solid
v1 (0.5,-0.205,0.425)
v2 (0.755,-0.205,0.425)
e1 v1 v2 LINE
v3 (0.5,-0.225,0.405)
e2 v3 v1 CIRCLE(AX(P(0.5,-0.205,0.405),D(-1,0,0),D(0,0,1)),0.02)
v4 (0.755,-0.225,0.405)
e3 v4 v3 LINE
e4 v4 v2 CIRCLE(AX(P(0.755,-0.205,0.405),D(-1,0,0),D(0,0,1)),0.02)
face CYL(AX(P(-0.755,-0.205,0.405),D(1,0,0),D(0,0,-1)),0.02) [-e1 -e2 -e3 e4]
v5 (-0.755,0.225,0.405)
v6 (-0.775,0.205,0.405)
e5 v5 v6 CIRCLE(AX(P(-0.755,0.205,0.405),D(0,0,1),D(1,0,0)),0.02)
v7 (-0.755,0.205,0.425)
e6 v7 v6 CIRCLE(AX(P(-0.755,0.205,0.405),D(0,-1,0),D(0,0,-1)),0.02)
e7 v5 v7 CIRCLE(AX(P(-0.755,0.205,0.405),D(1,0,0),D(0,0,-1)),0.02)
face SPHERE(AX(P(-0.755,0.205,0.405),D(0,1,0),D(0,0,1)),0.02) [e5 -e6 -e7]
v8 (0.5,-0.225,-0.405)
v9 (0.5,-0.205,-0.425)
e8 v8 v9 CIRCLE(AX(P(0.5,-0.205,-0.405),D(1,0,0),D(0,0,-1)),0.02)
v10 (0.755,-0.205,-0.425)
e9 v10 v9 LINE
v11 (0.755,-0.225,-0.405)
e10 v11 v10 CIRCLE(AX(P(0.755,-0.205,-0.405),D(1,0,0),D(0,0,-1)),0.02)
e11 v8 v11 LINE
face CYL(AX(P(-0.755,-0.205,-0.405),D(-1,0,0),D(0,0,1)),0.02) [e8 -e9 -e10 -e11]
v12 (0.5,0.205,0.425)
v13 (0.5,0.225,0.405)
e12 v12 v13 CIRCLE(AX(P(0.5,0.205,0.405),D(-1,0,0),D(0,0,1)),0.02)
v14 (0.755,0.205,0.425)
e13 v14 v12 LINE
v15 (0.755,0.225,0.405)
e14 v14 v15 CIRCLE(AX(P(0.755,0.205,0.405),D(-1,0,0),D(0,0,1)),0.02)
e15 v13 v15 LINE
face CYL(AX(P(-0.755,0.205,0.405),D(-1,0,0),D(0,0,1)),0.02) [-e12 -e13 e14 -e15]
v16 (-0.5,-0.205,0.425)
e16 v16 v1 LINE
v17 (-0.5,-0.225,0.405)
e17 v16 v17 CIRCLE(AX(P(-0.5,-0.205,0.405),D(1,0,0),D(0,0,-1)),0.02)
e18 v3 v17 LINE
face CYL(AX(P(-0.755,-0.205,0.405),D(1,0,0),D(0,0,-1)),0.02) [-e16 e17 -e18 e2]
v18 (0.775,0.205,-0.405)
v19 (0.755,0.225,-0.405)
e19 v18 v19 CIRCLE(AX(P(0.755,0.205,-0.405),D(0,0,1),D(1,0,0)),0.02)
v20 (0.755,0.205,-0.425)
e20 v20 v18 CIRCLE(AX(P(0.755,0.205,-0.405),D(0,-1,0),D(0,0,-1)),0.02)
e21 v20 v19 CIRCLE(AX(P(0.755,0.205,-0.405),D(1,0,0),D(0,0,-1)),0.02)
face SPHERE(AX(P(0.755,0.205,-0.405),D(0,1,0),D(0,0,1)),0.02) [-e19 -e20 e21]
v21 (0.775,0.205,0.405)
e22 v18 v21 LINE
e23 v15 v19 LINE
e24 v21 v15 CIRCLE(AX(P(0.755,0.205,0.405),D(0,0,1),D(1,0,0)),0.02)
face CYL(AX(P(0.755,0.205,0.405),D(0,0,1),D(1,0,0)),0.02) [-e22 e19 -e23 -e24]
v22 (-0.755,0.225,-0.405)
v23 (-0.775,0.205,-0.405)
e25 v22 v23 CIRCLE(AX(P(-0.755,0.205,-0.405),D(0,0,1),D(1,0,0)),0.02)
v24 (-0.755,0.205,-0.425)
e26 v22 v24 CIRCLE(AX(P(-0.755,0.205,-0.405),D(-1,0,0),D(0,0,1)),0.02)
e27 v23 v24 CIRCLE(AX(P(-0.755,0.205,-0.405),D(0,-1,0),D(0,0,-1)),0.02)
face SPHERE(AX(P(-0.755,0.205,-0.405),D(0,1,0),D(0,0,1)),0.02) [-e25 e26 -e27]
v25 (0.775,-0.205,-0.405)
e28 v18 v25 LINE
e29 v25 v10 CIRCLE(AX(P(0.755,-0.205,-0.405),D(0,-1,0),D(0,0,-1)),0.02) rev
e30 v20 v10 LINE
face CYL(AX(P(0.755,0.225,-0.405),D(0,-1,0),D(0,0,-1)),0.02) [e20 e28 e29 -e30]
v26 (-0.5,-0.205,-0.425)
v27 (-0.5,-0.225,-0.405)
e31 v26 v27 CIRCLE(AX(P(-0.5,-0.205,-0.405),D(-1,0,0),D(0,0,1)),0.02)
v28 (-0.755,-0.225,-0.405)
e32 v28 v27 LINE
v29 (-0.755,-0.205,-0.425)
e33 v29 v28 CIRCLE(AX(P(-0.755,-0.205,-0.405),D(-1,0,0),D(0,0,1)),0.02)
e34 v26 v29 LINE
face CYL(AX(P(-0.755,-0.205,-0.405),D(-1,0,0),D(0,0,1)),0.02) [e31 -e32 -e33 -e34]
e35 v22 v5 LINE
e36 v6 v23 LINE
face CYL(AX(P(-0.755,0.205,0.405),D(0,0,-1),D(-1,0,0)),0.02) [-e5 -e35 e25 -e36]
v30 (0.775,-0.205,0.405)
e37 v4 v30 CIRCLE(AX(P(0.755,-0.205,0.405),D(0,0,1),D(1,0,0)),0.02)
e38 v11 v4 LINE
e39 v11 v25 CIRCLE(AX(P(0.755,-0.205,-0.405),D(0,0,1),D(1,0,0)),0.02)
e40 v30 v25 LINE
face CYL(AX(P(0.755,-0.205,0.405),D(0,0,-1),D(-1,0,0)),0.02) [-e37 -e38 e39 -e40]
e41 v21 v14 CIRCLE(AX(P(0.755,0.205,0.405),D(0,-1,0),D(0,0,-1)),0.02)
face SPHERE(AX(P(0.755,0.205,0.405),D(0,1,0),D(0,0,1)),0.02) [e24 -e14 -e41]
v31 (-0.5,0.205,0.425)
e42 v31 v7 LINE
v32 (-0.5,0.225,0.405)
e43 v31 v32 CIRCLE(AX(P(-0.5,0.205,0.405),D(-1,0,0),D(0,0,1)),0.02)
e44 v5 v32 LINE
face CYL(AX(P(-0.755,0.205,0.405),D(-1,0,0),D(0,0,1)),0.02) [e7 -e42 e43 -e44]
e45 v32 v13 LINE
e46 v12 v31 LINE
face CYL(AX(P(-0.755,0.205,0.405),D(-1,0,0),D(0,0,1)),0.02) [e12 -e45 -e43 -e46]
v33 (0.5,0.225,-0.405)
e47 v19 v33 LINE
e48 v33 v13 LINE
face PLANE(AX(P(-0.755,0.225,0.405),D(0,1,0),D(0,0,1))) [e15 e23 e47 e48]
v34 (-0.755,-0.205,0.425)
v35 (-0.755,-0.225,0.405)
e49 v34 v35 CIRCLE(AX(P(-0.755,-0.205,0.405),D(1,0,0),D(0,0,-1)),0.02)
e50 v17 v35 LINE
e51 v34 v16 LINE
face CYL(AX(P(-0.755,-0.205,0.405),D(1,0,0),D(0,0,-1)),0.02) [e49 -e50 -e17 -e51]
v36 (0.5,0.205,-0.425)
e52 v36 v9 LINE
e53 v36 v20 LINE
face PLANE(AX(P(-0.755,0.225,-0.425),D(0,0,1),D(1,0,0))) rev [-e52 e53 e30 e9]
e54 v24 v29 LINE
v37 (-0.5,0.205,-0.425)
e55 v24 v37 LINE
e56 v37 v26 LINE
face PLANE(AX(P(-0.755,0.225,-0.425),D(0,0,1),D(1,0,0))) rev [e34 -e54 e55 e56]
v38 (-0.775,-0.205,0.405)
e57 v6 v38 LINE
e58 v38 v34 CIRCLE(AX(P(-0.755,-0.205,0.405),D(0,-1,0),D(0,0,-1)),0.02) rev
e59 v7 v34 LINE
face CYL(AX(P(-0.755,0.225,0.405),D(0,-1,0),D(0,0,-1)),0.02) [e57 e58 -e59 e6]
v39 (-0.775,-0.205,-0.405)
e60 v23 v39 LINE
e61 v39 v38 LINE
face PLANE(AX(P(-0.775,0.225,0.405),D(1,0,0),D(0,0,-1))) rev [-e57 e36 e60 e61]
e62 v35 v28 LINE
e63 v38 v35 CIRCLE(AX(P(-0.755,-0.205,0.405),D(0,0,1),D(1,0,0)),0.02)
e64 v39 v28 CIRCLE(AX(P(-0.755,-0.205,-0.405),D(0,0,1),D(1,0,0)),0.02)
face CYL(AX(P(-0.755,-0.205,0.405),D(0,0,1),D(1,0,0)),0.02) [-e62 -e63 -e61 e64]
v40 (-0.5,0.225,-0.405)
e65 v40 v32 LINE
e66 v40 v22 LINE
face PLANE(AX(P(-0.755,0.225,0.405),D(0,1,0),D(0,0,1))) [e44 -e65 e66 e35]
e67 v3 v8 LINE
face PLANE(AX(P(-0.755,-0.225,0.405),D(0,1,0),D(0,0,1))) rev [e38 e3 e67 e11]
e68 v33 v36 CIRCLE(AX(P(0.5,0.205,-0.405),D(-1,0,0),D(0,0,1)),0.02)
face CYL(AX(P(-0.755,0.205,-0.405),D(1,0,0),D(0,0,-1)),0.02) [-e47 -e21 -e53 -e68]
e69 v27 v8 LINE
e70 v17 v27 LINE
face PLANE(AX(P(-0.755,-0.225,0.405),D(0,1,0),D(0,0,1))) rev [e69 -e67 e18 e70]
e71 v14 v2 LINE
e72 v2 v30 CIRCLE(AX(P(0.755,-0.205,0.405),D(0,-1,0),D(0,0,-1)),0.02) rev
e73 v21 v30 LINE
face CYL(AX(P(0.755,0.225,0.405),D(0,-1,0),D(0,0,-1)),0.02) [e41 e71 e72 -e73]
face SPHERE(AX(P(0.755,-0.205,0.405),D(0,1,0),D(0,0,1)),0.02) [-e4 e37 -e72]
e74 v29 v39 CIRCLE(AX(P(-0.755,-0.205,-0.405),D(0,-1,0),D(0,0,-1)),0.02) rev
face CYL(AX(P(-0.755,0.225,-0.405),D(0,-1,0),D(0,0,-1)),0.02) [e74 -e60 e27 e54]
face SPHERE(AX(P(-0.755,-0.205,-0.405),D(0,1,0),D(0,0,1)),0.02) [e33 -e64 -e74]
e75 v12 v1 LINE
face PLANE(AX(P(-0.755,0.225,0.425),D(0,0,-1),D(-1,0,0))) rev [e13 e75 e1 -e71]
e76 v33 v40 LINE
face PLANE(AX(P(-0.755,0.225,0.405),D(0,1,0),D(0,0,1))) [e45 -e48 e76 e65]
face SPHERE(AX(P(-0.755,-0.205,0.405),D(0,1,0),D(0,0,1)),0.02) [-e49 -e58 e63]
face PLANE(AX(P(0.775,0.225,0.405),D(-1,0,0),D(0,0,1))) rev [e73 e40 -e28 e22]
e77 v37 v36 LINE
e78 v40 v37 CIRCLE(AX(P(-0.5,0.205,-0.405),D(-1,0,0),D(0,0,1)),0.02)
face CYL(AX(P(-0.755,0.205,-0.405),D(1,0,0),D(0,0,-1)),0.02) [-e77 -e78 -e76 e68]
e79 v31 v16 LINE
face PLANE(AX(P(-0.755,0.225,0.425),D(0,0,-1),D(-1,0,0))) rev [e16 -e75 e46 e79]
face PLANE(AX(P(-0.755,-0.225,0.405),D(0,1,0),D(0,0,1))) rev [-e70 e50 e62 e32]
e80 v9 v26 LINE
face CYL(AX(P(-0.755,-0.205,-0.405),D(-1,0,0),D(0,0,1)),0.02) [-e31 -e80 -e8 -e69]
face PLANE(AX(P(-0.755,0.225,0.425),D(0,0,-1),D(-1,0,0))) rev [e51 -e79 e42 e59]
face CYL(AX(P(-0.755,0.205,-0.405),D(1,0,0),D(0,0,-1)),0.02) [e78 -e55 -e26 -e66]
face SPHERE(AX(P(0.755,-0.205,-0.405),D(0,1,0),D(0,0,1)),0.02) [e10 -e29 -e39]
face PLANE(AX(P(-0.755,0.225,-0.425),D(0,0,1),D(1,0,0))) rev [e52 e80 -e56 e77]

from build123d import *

# Parameters (mm, degrees)
BOSS_EXTRUDE1_DEPTH = 0.225
FILLET2_R           = 0.02


with BuildPart() as part:
    # Sketch1 → Boss-Extrude1 (new body, symmetric)
    with BuildSketch(Plane(origin=(0, 0, 0), x_dir=(1, 0, 0), z_dir=(0, 1, 0))):
        with BuildLine():
            Line((-0.755, -0.425), (0.755, -0.425))
            ThreePointArc((0.755, -0.425), (0.769142136, -0.419142136), (0.775, -0.405))
            Line((0.775, -0.405), (0.775, 0.405))
            ThreePointArc((0.775, 0.405), (0.769142136, 0.419142136), (0.755, 0.425))
            Line((0.755, 0.425), (-0.755, 0.425))
            ThreePointArc((-0.755, 0.425), (-0.769142136, 0.419142136), (-0.775, 0.405))
            Line((-0.775, 0.405), (-0.775, -0.405))
            ThreePointArc((-0.775, -0.405), (-0.769142136, -0.419142136), (-0.755, -0.425))
        make_face()
    extrude(amount=BOSS_EXTRUDE1_DEPTH, both=True)

    # Fillet2
    fillet2_edges = [part.edges().sort_by_distance(p)[0] for p in [
        (0.769142136, 0.225, 0.419142136),
        (0, -0.225, 0.425),
        (-0.769142136, -0.225, 0.419142136),
        (0.775, 0.225, 0),
        (0.769142136, 0.225, -0.419142136),
        (0, 0.225, -0.425),
        (-0.769142136, 0.225, -0.419142136),
        (-0.775, 0.225, 0),
        (0, 0.225, 0.425),
        (0, 0.225, -0.425),
        (0, 0.225, -0.425),
        (0, 0.225, 0.425),
        (0, -0.225, 0.425),
        (0, -0.225, 0.425),
        (0, -0.225, -0.425),
        (0, -0.225, -0.425),
        (-0.769142136, 0.225, 0.419142136),
        (0, 0.225, 0.425),
        (-0.775, -0.225, 0),
        (-0.769142136, -0.225, -0.419142136),
        (0, -0.225, -0.425),
        (0.769142136, -0.225, -0.419142136),
        (0.775, -0.225, 0),
        (0.769142136, -0.225, 0.419142136),
    ]]
    fillet(fillet2_edges, radius=FILLET2_R)


solid = part.part
